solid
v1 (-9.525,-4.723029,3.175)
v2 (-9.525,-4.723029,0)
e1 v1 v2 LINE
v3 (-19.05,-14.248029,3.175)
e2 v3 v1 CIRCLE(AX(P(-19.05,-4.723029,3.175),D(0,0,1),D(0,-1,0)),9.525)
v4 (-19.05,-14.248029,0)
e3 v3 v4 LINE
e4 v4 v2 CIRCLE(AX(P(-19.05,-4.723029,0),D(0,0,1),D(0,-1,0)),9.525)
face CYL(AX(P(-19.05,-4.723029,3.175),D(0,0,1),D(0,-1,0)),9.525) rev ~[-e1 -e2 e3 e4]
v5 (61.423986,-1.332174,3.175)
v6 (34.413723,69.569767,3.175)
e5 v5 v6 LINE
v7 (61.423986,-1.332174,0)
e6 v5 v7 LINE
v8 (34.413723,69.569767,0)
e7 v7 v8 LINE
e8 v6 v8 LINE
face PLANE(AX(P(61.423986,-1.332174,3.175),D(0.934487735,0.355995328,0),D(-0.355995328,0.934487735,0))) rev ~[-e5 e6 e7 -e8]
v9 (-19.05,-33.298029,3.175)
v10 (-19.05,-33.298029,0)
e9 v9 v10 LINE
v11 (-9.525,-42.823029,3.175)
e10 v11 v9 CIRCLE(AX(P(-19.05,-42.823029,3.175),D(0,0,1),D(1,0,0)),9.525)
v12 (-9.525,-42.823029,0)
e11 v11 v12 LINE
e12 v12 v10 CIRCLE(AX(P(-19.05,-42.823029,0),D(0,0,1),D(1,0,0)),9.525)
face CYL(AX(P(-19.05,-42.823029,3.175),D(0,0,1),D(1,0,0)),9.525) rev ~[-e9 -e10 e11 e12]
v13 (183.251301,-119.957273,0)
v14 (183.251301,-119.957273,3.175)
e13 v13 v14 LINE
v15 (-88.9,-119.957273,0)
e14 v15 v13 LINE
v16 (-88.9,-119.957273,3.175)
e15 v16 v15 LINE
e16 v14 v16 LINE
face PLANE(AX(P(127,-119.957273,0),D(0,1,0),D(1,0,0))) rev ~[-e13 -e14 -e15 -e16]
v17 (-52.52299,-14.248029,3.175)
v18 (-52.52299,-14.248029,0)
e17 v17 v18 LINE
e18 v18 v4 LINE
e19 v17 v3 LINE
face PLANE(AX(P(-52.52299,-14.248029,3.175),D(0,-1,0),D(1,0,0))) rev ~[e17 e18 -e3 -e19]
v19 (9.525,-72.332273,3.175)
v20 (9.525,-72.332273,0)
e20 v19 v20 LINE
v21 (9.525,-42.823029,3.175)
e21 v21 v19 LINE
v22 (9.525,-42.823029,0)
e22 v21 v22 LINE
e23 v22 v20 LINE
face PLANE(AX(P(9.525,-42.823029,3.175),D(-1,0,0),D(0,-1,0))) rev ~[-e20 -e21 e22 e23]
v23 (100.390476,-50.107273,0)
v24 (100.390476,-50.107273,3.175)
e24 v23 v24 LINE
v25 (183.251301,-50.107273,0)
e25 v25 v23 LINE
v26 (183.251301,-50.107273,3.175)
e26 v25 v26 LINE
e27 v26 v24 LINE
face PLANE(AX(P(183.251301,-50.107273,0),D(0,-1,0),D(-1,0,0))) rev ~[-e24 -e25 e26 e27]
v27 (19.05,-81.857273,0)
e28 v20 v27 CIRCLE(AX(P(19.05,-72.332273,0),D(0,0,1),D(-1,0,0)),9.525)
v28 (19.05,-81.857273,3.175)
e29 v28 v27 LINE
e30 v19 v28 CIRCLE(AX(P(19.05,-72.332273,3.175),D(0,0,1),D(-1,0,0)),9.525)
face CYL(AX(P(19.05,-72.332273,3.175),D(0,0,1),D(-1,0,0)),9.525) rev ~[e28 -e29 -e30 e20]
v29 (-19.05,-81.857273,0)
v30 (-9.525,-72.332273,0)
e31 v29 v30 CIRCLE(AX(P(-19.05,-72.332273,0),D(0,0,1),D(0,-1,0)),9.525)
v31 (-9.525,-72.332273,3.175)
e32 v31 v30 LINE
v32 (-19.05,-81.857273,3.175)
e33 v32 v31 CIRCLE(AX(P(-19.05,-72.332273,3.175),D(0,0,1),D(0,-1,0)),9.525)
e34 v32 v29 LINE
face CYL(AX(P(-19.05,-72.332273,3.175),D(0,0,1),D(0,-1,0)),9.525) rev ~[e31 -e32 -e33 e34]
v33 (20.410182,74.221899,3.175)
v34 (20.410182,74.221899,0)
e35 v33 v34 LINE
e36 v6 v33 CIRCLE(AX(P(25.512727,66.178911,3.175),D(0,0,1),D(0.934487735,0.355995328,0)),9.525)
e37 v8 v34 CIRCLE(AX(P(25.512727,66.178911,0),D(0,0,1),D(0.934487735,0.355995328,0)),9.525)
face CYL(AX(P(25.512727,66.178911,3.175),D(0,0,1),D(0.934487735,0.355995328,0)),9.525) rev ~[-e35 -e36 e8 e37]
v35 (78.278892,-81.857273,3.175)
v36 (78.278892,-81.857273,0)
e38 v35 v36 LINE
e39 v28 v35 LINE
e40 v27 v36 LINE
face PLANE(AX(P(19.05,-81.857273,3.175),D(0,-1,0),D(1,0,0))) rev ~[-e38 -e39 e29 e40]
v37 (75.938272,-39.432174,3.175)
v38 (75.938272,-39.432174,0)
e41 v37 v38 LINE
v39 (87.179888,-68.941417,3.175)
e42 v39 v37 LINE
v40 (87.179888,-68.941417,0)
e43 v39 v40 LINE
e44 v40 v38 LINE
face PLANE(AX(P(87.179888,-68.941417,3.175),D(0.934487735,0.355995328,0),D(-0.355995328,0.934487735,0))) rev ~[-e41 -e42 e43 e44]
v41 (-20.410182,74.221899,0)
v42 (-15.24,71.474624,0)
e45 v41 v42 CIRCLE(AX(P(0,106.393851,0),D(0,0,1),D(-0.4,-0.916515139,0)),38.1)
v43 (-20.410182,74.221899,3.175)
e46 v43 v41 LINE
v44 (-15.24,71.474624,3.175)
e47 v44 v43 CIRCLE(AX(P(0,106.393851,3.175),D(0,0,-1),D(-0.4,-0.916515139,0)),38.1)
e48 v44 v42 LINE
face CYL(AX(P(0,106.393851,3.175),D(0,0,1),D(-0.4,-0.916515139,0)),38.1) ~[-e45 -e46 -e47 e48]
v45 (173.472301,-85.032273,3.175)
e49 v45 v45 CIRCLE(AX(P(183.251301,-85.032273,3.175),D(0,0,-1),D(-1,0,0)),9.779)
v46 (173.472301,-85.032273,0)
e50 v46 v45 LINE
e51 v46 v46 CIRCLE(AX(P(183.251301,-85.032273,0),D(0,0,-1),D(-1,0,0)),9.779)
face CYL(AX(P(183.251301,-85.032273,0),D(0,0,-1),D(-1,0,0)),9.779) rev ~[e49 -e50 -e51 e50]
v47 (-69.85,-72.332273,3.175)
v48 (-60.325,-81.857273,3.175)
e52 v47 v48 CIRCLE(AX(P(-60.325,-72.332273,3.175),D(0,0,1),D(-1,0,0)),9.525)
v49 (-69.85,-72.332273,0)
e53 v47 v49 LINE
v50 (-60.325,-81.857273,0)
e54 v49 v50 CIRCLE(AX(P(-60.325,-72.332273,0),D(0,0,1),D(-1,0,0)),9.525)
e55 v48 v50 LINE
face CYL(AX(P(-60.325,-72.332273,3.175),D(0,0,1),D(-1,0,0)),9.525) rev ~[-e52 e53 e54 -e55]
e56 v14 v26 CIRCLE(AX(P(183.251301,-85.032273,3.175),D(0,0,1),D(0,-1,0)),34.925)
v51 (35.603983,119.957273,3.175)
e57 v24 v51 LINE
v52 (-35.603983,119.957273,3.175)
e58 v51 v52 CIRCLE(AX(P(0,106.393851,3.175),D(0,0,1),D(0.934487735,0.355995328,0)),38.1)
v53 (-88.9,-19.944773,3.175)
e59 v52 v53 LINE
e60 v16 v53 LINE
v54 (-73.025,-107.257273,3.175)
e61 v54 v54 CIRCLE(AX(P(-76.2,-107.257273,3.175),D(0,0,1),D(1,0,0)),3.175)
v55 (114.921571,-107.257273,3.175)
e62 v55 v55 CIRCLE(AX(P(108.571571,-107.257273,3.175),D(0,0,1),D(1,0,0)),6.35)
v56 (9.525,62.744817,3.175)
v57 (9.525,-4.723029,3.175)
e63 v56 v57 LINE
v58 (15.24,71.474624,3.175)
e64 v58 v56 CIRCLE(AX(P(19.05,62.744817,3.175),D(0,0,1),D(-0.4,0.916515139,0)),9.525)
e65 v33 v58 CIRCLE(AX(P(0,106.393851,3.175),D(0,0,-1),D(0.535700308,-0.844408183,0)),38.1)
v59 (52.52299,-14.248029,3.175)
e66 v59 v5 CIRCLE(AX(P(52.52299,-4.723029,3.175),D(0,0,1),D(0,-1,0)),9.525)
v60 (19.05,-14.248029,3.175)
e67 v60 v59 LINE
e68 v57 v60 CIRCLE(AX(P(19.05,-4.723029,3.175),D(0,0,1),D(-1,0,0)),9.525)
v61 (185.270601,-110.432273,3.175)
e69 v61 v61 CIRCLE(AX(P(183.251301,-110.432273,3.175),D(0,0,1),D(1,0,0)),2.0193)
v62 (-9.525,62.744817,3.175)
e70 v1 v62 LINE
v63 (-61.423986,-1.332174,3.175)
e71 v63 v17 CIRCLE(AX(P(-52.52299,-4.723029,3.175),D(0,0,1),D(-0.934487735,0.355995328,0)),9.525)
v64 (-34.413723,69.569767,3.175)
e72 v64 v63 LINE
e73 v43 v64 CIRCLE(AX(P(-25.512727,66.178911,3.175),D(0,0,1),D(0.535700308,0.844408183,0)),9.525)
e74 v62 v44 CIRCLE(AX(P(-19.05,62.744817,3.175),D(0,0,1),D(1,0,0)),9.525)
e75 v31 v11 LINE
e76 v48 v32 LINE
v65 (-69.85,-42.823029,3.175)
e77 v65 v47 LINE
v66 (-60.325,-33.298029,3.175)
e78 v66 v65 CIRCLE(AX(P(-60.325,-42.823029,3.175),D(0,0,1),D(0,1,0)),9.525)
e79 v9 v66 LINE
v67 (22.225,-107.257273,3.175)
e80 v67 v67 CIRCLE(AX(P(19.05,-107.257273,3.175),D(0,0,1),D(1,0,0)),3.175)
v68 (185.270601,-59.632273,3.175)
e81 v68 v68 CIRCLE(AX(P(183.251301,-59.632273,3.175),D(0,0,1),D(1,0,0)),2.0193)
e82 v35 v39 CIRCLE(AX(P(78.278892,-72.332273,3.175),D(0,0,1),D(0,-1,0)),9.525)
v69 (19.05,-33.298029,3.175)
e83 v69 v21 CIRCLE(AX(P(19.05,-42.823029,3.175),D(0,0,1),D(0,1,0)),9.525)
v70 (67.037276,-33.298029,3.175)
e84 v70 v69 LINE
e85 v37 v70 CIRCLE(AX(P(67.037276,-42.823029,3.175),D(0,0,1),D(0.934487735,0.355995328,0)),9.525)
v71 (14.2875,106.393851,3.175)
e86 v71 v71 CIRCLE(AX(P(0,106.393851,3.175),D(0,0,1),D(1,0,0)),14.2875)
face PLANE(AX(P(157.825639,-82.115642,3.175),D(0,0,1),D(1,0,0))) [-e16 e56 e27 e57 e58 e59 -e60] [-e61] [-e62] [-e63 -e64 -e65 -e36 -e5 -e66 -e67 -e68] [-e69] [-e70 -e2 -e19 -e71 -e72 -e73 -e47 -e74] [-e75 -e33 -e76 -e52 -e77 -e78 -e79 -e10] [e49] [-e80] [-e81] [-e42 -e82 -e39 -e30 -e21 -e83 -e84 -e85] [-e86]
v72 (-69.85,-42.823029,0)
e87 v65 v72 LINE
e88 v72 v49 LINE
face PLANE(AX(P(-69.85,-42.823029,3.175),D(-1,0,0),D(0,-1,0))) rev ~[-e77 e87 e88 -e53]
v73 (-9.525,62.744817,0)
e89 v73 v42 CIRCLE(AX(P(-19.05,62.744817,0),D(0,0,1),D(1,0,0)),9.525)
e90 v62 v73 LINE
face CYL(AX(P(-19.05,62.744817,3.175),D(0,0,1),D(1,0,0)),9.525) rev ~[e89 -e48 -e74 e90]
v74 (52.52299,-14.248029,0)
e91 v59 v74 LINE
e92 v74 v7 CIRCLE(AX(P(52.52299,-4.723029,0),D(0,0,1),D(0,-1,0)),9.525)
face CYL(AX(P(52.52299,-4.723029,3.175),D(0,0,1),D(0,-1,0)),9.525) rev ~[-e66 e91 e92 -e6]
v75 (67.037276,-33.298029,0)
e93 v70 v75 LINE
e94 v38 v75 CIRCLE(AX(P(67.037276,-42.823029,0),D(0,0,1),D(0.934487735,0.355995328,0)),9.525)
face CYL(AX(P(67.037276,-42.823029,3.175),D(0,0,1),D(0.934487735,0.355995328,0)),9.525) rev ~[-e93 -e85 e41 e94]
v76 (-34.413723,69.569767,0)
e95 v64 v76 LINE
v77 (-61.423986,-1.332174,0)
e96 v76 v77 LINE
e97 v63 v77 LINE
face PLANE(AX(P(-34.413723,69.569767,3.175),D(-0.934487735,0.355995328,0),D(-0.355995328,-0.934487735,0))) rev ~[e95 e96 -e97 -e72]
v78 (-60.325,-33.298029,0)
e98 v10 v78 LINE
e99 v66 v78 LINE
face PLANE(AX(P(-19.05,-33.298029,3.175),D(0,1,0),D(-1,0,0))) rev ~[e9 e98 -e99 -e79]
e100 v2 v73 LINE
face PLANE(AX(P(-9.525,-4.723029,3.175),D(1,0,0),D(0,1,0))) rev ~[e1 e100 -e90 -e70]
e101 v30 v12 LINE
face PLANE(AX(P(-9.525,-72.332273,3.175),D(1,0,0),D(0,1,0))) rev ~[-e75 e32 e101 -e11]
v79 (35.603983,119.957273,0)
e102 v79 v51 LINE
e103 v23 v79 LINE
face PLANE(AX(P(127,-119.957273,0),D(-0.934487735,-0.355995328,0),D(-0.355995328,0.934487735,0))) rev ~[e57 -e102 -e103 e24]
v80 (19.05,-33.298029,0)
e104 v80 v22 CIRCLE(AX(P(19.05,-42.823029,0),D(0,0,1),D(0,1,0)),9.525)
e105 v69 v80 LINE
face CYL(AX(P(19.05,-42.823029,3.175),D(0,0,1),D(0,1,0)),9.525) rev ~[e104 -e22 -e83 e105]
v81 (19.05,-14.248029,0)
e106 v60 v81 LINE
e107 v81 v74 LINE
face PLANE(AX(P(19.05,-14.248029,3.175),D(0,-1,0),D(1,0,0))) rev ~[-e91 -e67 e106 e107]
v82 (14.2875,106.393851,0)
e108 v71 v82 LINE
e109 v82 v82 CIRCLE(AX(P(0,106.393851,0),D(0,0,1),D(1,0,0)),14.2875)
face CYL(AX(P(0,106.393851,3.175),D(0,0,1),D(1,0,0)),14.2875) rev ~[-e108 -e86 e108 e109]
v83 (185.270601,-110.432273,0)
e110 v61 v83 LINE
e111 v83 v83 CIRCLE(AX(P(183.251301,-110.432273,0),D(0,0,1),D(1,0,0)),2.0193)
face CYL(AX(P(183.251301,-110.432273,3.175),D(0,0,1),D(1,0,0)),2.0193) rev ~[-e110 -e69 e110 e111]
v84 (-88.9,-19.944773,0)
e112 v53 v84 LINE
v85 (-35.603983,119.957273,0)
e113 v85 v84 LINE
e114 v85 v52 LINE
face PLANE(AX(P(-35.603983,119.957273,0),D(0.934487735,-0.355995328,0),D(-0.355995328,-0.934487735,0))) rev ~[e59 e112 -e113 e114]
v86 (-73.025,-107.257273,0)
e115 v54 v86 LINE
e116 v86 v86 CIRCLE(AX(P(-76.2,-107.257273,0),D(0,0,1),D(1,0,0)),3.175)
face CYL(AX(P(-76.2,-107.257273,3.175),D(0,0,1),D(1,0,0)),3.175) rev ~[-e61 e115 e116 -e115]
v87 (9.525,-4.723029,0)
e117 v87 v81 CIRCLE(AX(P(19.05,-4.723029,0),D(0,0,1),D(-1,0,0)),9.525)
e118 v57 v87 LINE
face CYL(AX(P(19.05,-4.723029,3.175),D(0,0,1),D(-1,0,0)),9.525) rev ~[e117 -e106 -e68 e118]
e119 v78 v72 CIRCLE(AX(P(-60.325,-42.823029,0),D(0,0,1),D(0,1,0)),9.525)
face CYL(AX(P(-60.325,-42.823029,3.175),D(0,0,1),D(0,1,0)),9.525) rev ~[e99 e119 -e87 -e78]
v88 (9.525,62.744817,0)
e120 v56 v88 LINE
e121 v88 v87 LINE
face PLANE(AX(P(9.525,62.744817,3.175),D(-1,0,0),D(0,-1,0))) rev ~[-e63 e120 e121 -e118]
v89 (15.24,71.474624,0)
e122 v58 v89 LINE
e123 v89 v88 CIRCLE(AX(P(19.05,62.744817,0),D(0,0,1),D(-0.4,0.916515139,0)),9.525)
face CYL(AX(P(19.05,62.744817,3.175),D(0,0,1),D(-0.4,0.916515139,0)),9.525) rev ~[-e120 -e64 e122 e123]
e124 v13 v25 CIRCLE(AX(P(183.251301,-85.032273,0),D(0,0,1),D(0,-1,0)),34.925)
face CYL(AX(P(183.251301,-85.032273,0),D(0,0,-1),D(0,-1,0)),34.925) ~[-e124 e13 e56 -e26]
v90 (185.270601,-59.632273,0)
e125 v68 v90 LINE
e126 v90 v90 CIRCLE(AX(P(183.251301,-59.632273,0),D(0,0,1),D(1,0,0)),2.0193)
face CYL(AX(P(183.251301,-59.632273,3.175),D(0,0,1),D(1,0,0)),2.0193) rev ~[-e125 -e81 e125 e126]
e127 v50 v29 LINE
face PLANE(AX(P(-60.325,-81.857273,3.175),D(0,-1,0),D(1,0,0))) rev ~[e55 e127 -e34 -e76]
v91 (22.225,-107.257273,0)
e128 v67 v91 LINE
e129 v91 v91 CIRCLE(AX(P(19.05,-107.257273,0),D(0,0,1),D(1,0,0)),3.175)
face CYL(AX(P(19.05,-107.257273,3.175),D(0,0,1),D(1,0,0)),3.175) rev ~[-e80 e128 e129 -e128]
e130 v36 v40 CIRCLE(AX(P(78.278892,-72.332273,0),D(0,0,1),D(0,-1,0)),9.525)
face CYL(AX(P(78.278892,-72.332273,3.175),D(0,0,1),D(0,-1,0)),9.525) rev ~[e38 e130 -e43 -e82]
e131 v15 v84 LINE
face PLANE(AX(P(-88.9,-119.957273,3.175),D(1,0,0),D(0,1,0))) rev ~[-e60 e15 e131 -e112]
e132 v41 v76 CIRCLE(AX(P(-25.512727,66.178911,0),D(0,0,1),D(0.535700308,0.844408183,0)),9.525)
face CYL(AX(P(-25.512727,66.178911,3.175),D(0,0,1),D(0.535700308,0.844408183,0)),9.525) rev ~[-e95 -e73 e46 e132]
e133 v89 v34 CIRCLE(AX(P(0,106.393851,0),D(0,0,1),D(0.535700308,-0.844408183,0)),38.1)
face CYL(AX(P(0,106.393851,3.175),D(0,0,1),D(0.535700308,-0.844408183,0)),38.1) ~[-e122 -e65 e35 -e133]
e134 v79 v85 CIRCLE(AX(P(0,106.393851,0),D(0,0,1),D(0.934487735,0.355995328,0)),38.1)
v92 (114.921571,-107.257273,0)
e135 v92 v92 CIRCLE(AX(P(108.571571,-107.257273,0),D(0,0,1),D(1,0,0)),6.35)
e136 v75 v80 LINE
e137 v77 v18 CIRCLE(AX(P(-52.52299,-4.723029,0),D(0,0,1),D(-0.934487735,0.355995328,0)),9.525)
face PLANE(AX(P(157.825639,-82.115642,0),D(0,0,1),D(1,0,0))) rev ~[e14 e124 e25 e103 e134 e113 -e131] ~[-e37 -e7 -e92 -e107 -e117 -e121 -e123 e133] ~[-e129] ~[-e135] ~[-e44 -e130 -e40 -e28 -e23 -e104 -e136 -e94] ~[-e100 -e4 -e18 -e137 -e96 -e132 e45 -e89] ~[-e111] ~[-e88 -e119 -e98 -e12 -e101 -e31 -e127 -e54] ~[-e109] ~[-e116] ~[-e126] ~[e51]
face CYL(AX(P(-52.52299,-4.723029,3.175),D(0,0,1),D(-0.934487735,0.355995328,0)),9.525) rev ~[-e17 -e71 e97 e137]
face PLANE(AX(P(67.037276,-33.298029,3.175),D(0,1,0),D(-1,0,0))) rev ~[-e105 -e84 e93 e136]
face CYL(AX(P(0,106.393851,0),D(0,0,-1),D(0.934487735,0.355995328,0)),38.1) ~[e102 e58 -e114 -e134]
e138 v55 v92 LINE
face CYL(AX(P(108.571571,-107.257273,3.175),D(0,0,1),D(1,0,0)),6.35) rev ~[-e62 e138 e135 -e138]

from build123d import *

# Parameters (mm, degrees)
BOSS_EXTRUDE1_DEPTH = 3.175
SKETCH2_R           = 14.2875
CUT_EXTRUDE1_DEPTH  = 4.175
SKETCH4_R           = 6.35
SKETCH4_R_2         = 3.175
CUT_EXTRUDE2_DEPTH  = 4.175
SKETCH8_R           = 9.779
BOSS_EXTRUDE3_DEPTH = 3.175
SKETCH9_R           = 2.0193
CUT_EXTRUDE3_DEPTH  = 4.175
SKETCH10_W          = 38.1
SKETCH10_H          = 100.0125
CUT_EXTRUDE4_DEPTH  = 4.175
CUT_EXTRUDE5_DEPTH  = 4.175


with BuildPart() as part:
    # Sketch1 → Boss-Extrude1 (new body)
    with BuildSketch(Plane.XY):
        with BuildLine():
            Line((-35.603982701, 119.957272705), (-127, -119.957272705))
            Line((-127, -119.957272705), (127, -119.957272705))
            Line((127, -119.957272705), (35.603982701, 119.957272705))
            ThreePointArc((35.603982701, 119.957272705), (0, 144.493850724), (-35.603982701, 119.957272705))
        make_face()
    extrude(amount=BOSS_EXTRUDE1_DEPTH)

    # Sketch2 → Cut-Extrude1 (cut, through all)
    with BuildSketch(Plane.XY.offset(3.175)):
        with Locations((0, 106.393850724)):
            Circle(SKETCH2_R)
    extrude(amount=-CUT_EXTRUDE1_DEPTH, mode=Mode.SUBTRACT)

    # Sketch4 → Cut-Extrude2 (cut, through all)
    with BuildSketch(Plane.XY.offset(3.175)):
        with Locations((108.571571229, -107.257272705)):
            Circle(SKETCH4_R)
        with Locations((-76.2, -107.257272705)):
            Circle(SKETCH4_R_2)
        with Locations((19.05, -107.257272705)):
            Circle(SKETCH4_R_2)
    extrude(amount=-CUT_EXTRUDE2_DEPTH, mode=Mode.SUBTRACT)

    # Sketch8 → Boss-Extrude3 (add)
    with BuildSketch(Plane(origin=(0, 0, 0), x_dir=(-1, 0, 0), z_dir=(0, 0, -1))):
        with BuildLine():
            Line((-127, -119.957272705), (-183.251300865, -119.957272705))
            ThreePointArc((-183.251300865, -119.957272705), (-218.176300865, -85.032272705), (-183.251300865, -50.107272705))
            Line((-183.251300865, -50.107272705), (-100.39047619, -50.107272705))
            Line((-100.39047619, -50.107272705), (-127, -119.957272705))
        make_face()
        with Locations((-183.251300865, -85.032272705)):
            Circle(SKETCH8_R, mode=Mode.SUBTRACT)
    extrude(amount=-BOSS_EXTRUDE3_DEPTH)

    # Sketch9 → Cut-Extrude3 (cut, through all)
    with BuildSketch(Plane.XY.offset(3.175)):
        with Locations((183.251300865, -59.632272705)):
            Circle(SKETCH9_R)
        with Locations((183.251300865, -110.432272705)):
            Circle(SKETCH9_R)
    extrude(amount=-CUT_EXTRUDE3_DEPTH, mode=Mode.SUBTRACT)

    # Sketch10 → Cut-Extrude4 (cut, through all)
    with BuildSketch(Plane.XY.offset(3.175)):
        with Locations((-107.95, -69.951022705)):
            Rectangle(SKETCH10_W, SKETCH10_H)
    extrude(amount=-CUT_EXTRUDE4_DEPTH, mode=Mode.SUBTRACT)

    # Sketch11 → Cut-Extrude5 (cut, through all)
    with BuildSketch(Plane.XY.offset(3.175)):
        with BuildLine():
            Line((-34.41372286, 69.569766501), (-61.423985812, -1.332173746))
            ThreePointArc((-61.423985812, -1.332173746), (-60.365933576, -10.128014274), (-52.522990136, -14.248029241))
            Line((-52.522990136, -14.248029241), (-19.05, -14.248029241))
            ThreePointArc((-19.05, -14.248029241), (-12.314807909, -11.458221332), (-9.525, -4.723029241))
            Line((-9.525, -4.723029241), (-9.525, 62.74481723))
            ThreePointArc((-9.525, 62.74481723), (-11.080813247, 67.96187459), (-15.24, 71.474623928))
            ThreePointArc((-15.24, 71.474623928), (-17.877940169, 72.748802718), (-20.410181748, 74.221898949))
            ThreePointArc((-20.410181748, 74.221898949), (-28.515665768, 75.218157925), (-34.41372286, 69.569766501))
        make_face()
        with BuildLine():
            Line((19.05, -14.248029241), (52.522990136, -14.248029241))
            ThreePointArc((52.522990136, -14.248029241), (60.365933576, -10.128014274), (61.423985812, -1.332173746))
            Line((61.423985812, -1.332173746), (34.41372286, 69.569766501))
            ThreePointArc((34.41372286, 69.569766501), (28.515665768, 75.218157925), (20.410181748, 74.221898949))
            ThreePointArc((20.410181748, 74.221898949), (17.877940169, 72.748802718), (15.24, 71.474623928))
            ThreePointArc((15.24, 71.474623928), (11.080813247, 67.96187459), (9.525, 62.74481723))
            Line((9.525, 62.74481723), (9.525, -4.723029241))
            ThreePointArc((9.525, -4.723029241), (12.314807909, -11.458221332), (19.05, -14.248029241))
        make_face()
        with BuildLine():
            Line((-19.05, -33.298029241), (-60.325, -33.298029241))
            ThreePointArc((-60.325, -33.298029241), (-67.060192091, -36.087837151), (-69.85, -42.823029241))
            Line((-69.85, -42.823029241), (-69.85, -72.332272705))
            ThreePointArc((-69.85, -72.332272705), (-67.060192091, -79.067464796), (-60.325, -81.857272705))
            Line((-60.325, -81.857272705), (-19.05, -81.857272705))
            ThreePointArc((-19.05, -81.857272705), (-12.314807909, -79.067464796), (-9.525, -72.332272705))
            Line((-9.525, -72.332272705), (-9.525, -42.823029241))
            ThreePointArc((-9.525, -42.823029241), (-12.314807909, -36.087837151), (-19.05, -33.298029241))
        make_face()
        with BuildLine():
            Line((9.525, -42.823029241), (9.525, -72.332272705))
            ThreePointArc((9.525, -72.332272705), (12.314807909, -79.067464796), (19.05, -81.857272705))
            Line((19.05, -81.857272705), (78.278892408, -81.857272705))
            ThreePointArc((78.278892408, -81.857272705), (86.121835848, -77.737257738), (87.179888084, -68.94141721))
            Line((87.179888084, -68.94141721), (75.938271526, -39.432173746))
            ThreePointArc((75.938271526, -39.432173746), (72.442260883, -34.980085802), (67.037275851, -33.298029241))
            Line((67.037275851, -33.298029241), (19.05, -33.298029241))
            ThreePointArc((19.05, -33.298029241), (12.314807909, -36.087837151), (9.525, -42.823029241))
        make_face()
    extrude(amount=-CUT_EXTRUDE5_DEPTH, mode=Mode.SUBTRACT)


solid = part.part
